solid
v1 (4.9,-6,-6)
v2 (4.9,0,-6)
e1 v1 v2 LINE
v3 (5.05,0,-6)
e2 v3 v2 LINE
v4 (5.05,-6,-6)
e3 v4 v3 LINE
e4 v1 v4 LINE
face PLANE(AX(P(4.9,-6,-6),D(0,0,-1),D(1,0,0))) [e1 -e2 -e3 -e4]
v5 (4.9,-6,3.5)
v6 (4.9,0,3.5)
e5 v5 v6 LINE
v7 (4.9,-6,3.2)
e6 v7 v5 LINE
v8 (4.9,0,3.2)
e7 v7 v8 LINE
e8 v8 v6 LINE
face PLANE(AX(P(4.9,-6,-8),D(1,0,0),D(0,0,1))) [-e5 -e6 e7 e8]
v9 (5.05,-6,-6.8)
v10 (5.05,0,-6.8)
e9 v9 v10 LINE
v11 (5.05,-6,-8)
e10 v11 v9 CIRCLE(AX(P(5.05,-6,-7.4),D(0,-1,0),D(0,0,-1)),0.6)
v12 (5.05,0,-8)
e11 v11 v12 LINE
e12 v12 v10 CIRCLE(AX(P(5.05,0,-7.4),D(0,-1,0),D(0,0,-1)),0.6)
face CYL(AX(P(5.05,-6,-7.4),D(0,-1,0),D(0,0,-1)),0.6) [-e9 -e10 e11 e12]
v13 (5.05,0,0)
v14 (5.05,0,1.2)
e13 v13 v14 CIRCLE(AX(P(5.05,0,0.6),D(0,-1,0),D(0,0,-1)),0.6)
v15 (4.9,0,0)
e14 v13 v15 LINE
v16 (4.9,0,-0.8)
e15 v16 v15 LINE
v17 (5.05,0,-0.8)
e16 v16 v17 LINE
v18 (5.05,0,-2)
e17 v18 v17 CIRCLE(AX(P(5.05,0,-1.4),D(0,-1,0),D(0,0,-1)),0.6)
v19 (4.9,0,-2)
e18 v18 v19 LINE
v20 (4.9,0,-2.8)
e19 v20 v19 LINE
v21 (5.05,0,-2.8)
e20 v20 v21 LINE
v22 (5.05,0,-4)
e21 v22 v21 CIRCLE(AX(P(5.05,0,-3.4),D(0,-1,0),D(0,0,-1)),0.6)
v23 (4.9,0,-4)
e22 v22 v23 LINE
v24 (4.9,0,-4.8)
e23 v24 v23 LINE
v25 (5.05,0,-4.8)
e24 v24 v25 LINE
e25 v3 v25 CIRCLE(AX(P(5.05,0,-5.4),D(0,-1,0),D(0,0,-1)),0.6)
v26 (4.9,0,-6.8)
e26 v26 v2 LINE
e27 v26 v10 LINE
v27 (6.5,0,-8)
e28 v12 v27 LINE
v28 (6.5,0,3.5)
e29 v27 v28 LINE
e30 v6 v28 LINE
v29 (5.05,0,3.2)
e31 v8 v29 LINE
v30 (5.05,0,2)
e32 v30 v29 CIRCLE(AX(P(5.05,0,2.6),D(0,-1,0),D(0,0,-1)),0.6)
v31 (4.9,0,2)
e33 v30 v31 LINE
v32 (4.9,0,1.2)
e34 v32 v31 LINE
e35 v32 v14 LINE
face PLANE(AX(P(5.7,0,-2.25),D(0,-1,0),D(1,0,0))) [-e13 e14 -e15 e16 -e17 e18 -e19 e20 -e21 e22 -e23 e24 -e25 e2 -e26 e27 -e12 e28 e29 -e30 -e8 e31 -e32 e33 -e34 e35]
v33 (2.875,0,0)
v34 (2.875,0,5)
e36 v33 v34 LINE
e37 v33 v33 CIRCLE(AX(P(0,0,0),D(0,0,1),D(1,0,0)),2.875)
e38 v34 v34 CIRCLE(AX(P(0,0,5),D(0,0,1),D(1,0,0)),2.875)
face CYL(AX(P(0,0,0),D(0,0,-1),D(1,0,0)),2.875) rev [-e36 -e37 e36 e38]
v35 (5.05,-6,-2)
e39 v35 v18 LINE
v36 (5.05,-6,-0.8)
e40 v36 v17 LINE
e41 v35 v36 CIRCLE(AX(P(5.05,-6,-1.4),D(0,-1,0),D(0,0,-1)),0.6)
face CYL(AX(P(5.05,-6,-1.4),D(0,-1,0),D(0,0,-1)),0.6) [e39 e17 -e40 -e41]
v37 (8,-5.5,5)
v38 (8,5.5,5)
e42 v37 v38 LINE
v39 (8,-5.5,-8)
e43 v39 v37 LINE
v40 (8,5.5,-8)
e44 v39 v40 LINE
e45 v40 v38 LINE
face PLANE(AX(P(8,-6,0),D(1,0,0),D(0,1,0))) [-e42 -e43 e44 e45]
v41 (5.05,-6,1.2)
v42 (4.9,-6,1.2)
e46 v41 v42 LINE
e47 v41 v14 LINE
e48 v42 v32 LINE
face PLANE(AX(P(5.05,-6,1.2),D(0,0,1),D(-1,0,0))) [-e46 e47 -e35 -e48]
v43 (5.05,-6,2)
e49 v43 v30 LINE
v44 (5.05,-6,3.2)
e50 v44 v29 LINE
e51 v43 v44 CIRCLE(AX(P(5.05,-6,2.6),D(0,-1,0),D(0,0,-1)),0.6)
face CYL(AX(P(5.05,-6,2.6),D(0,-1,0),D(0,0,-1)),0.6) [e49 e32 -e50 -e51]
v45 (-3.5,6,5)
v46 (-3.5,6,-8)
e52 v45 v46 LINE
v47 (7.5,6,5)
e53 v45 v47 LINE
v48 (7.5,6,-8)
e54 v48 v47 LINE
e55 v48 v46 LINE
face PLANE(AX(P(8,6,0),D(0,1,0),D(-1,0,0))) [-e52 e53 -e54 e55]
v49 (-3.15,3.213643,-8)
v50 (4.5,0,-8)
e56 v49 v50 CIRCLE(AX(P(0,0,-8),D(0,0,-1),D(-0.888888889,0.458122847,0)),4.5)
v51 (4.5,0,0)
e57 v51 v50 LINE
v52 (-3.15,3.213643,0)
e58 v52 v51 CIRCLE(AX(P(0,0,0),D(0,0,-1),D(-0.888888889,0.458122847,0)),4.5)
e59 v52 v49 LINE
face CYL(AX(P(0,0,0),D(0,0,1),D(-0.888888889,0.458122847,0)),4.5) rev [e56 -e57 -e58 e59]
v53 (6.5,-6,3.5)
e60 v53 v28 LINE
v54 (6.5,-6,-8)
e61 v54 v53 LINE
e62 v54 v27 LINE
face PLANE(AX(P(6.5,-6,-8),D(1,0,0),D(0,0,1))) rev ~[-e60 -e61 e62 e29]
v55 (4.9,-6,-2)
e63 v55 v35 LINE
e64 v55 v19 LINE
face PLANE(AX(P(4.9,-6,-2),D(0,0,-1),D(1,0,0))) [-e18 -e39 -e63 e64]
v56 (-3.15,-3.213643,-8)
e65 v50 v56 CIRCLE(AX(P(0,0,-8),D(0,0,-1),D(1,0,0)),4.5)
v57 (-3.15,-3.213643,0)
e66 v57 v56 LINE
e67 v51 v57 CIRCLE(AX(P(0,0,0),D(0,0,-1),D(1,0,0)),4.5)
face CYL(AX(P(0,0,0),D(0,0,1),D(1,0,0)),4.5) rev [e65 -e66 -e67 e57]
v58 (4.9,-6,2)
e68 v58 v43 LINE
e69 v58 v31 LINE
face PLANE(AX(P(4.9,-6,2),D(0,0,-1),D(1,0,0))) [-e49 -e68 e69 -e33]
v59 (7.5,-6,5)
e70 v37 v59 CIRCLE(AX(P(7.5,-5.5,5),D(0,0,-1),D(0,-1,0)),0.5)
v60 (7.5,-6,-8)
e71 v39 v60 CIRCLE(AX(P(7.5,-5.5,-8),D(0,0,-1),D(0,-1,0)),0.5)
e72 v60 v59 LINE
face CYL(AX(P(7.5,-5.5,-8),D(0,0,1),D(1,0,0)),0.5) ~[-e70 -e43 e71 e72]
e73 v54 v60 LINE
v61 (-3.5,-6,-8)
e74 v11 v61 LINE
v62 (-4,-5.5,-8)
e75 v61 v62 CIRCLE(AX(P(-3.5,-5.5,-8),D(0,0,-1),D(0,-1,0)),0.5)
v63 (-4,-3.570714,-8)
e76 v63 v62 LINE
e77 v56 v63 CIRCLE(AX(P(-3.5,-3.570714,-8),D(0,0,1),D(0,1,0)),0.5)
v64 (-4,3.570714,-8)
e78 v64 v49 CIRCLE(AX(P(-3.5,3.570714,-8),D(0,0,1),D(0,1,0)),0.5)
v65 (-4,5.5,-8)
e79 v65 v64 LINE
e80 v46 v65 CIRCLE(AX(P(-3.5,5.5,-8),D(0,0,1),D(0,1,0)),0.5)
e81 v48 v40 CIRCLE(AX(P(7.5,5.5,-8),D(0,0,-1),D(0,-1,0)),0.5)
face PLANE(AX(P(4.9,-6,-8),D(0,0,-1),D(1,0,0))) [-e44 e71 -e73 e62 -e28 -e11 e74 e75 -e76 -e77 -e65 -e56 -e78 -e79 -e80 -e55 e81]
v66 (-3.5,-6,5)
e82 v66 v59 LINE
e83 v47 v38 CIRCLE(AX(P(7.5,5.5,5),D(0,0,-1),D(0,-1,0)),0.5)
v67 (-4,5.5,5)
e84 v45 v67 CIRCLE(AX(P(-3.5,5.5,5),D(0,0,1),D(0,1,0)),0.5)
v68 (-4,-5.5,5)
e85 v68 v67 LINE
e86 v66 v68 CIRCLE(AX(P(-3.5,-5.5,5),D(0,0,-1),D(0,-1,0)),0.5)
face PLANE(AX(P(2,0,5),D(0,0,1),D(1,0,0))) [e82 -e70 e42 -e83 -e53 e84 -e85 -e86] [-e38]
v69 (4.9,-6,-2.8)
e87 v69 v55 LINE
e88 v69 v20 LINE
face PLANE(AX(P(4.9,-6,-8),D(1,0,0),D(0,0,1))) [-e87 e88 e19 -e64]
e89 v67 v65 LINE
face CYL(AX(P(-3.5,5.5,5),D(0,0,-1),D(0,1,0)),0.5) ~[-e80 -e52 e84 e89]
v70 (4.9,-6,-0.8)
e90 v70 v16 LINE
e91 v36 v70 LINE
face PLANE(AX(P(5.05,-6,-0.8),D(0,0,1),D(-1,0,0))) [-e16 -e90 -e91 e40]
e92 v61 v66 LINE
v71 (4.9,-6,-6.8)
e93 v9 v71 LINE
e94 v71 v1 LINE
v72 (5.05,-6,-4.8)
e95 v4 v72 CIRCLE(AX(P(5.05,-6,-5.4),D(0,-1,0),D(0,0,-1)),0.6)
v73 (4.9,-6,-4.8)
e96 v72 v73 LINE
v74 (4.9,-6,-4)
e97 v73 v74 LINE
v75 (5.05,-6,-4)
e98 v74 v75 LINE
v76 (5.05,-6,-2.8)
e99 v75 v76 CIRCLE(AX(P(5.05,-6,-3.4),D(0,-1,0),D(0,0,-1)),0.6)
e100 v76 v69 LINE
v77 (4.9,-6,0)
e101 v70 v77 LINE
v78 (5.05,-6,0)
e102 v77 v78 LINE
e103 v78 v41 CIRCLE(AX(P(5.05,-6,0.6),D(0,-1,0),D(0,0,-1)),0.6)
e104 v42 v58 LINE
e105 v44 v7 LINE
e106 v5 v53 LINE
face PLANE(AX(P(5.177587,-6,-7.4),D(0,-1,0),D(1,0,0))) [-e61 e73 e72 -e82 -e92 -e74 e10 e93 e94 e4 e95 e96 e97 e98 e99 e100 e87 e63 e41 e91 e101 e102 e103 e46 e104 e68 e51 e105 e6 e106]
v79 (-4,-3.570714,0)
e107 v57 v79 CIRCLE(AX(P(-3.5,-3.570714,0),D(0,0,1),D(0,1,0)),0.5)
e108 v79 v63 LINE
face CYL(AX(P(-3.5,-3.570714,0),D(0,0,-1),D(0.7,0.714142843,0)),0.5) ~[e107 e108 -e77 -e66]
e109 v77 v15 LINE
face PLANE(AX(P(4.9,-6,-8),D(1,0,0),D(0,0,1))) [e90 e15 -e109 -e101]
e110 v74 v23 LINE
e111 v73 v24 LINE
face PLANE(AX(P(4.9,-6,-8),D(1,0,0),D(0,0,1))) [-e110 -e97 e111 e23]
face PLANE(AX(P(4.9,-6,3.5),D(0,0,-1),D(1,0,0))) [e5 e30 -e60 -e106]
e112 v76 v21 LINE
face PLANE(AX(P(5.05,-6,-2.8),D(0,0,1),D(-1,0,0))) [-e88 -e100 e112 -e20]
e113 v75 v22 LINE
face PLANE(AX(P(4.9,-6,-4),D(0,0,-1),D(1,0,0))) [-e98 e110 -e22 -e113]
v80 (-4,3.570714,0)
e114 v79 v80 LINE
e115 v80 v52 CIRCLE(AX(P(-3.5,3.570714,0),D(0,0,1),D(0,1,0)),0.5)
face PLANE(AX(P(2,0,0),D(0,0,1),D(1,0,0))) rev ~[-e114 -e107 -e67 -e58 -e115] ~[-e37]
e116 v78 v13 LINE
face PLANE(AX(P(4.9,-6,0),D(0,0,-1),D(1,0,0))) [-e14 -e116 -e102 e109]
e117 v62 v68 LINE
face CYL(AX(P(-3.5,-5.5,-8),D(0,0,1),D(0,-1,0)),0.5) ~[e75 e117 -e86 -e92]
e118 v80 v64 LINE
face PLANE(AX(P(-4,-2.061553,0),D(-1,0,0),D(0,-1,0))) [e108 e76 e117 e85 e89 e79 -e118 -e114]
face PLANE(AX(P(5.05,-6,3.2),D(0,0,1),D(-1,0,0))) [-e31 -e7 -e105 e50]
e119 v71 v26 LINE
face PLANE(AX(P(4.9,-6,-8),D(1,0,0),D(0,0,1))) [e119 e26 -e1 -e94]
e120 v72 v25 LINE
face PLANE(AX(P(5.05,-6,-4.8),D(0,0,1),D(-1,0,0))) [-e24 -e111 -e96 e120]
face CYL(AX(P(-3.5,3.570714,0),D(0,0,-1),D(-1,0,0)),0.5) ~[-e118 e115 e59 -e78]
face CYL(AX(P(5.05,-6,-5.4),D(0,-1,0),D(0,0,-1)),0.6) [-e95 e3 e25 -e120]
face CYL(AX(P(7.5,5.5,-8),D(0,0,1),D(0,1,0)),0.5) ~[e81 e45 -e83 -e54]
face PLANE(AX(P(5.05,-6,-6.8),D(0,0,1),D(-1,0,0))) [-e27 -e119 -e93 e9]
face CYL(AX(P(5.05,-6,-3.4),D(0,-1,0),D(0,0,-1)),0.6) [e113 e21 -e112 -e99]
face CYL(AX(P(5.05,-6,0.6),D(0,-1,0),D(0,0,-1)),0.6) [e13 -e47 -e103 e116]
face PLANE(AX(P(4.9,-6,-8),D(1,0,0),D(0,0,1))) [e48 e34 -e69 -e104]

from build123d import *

# Parameters (mm, degrees)
SKETCH1_R           = 2.875
BOSS_EXTRUDE1_DEPTH = 5
BOSS_EXTRUDE3_DEPTH = 8
FILLET1_R           = 0.5
SKETCH2_W           = 1.6
SKETCH2_H           = 11.5
CUT_EXTRUDE1_DEPTH  = 6
BOSS_EXTRUDE4_REACH = 18.492


with BuildPart() as part:
    # Sketch1 → Boss-Extrude1 (new body)
    with BuildSketch(Plane.XY):
        Polygon((-4, 0), (-4, -6), (8, -6), (8, 6), (-4, 6), align=None)
        Circle(SKETCH1_R, mode=Mode.SUBTRACT)
    extrude(amount=BOSS_EXTRUDE1_DEPTH)

    # Sketch1<4> → Boss-Extrude3 (add)
    with BuildSketch(Plane.XY):
        with BuildLine():
            ThreePointArc((4.5, 0), (1.060660172, -4.373213921), (-4, -2.061552813))
            Line((-4, -2.061552813), (-4, -6))
            Line((-4, -6), (8, -6))
            Line((8, -6), (8, 6))
            Line((8, 6), (-4, 6))
            Line((-4, 6), (-4, 2.061552813))
            ThreePointArc((-4, 2.061552813), (1.060660172, 4.373213921), (4.5, 0))
        make_face()
    extrude(amount=-BOSS_EXTRUDE3_DEPTH)

    # Fillet1
    fillet1_edges = [part.edges().sort_by_distance(p)[0] for p in [
        (-4, 6, -1.5),
        (8, 6, -1.5),
        (8, -6, -1.5),
        (-4, -6, -1.5),
        (-4, 2.061552813, -4),
        (-4, -2.061552813, -4),
    ]]
    fillet(fillet1_edges, radius=FILLET1_R)

    # Sketch2 → Cut-Extrude1 (cut)
    with BuildSketch(Plane.XZ.offset(6)):
        with Locations((5.7, -2.25)):
            Rectangle(SKETCH2_W, SKETCH2_H)
    extrude(amount=-CUT_EXTRUDE1_DEPTH, mode=Mode.SUBTRACT)

    # Sketch3 → Boss-Extrude4 (add, up to next)
    with BuildSketch(Plane.XZ.offset(6), mode=Mode.PRIVATE) as boss_extrude4_sk1:
        with BuildLine():
            Line((4.9, -8), (5.05, -8))
            ThreePointArc((5.05, -8), (5.65, -7.4), (5.05, -6.8))
            Line((5.05, -6.8), (4.9, -6.8))
            Line((4.9, -6.8), (4.9, -8))
        make_face()
    boss_extrude4_tool1 = extrude(boss_extrude4_sk1.sketch, amount=-BOSS_EXTRUDE4_REACH, mode=Mode.PRIVATE) - part.part
    # Sketch3 → Boss-Extrude4 (add, up to next)
    with BuildSketch(Plane.XZ.offset(6), mode=Mode.PRIVATE) as boss_extrude4_sk2:
        with BuildLine():
            Line((5.05, -4.8), (4.9, -4.8))
            Line((4.9, -4.8), (4.9, -6))
            Line((4.9, -6), (5.05, -6))
            ThreePointArc((5.05, -6), (5.65, -5.4), (5.05, -4.8))
        make_face()
    boss_extrude4_tool2 = extrude(boss_extrude4_sk2.sketch, amount=-BOSS_EXTRUDE4_REACH, mode=Mode.PRIVATE) - part.part
    # Sketch3 → Boss-Extrude4 (add, up to next)
    with BuildSketch(Plane.XZ.offset(6), mode=Mode.PRIVATE) as boss_extrude4_sk3:
        with BuildLine():
            Line((5.05, -2.8), (4.9, -2.8))
            Line((4.9, -2.8), (4.9, -4))
            Line((4.9, -4), (5.05, -4))
            ThreePointArc((5.05, -4), (5.65, -3.4), (5.05, -2.8))
        make_face()
    boss_extrude4_tool3 = extrude(boss_extrude4_sk3.sketch, amount=-BOSS_EXTRUDE4_REACH, mode=Mode.PRIVATE) - part.part
    # Sketch3 → Boss-Extrude4 (add, up to next)
    with BuildSketch(Plane.XZ.offset(6), mode=Mode.PRIVATE) as boss_extrude4_sk4:
        with BuildLine():
            Line((5.05, -0.8), (4.9, -0.8))
            Line((4.9, -0.8), (4.9, -2))
            Line((4.9, -2), (5.05, -2))
            ThreePointArc((5.05, -2), (5.65, -1.4), (5.05, -0.8))
        make_face()
    boss_extrude4_tool4 = extrude(boss_extrude4_sk4.sketch, amount=-BOSS_EXTRUDE4_REACH, mode=Mode.PRIVATE) - part.part
    # Sketch3 → Boss-Extrude4 (add, up to next)
    with BuildSketch(Plane.XZ.offset(6), mode=Mode.PRIVATE) as boss_extrude4_sk5:
        with BuildLine():
            Line((5.05, 1.2), (4.9, 1.2))
            Line((4.9, 1.2), (4.9, 0))
            Line((4.9, 0), (5.05, 0))
            ThreePointArc((5.05, 0), (5.65, 0.6), (5.05, 1.2))
        make_face()
    boss_extrude4_tool5 = extrude(boss_extrude4_sk5.sketch, amount=-BOSS_EXTRUDE4_REACH, mode=Mode.PRIVATE) - part.part
    # Sketch3 → Boss-Extrude4 (add, up to next)
    with BuildSketch(Plane.XZ.offset(6), mode=Mode.PRIVATE) as boss_extrude4_sk6:
        with BuildLine():
            Line((5.05, 3.2), (4.9, 3.2))
            Line((4.9, 3.2), (4.9, 2))
            Line((4.9, 2), (5.05, 2))
            ThreePointArc((5.05, 2), (5.65, 2.6), (5.05, 3.2))
        make_face()
    boss_extrude4_tool6 = extrude(boss_extrude4_sk6.sketch, amount=-BOSS_EXTRUDE4_REACH, mode=Mode.PRIVATE) - part.part
    add(boss_extrude4_tool1.solids().sort_by_distance((5.225053, -6, -7.4))[0])
    add(boss_extrude4_tool2.solids().sort_by_distance((5.225053, -6, -5.4))[0])
    add(boss_extrude4_tool3.solids().sort_by_distance((5.225053, -6, -3.4))[0])
    add(boss_extrude4_tool4.solids().sort_by_distance((5.225053, -6, -1.4))[0])
    add(boss_extrude4_tool5.solids().sort_by_distance((5.225053, -6, 0.6))[0])
    add(boss_extrude4_tool6.solids().sort_by_distance((5.225053, -6, 2.6))[0])


solid = part.part
